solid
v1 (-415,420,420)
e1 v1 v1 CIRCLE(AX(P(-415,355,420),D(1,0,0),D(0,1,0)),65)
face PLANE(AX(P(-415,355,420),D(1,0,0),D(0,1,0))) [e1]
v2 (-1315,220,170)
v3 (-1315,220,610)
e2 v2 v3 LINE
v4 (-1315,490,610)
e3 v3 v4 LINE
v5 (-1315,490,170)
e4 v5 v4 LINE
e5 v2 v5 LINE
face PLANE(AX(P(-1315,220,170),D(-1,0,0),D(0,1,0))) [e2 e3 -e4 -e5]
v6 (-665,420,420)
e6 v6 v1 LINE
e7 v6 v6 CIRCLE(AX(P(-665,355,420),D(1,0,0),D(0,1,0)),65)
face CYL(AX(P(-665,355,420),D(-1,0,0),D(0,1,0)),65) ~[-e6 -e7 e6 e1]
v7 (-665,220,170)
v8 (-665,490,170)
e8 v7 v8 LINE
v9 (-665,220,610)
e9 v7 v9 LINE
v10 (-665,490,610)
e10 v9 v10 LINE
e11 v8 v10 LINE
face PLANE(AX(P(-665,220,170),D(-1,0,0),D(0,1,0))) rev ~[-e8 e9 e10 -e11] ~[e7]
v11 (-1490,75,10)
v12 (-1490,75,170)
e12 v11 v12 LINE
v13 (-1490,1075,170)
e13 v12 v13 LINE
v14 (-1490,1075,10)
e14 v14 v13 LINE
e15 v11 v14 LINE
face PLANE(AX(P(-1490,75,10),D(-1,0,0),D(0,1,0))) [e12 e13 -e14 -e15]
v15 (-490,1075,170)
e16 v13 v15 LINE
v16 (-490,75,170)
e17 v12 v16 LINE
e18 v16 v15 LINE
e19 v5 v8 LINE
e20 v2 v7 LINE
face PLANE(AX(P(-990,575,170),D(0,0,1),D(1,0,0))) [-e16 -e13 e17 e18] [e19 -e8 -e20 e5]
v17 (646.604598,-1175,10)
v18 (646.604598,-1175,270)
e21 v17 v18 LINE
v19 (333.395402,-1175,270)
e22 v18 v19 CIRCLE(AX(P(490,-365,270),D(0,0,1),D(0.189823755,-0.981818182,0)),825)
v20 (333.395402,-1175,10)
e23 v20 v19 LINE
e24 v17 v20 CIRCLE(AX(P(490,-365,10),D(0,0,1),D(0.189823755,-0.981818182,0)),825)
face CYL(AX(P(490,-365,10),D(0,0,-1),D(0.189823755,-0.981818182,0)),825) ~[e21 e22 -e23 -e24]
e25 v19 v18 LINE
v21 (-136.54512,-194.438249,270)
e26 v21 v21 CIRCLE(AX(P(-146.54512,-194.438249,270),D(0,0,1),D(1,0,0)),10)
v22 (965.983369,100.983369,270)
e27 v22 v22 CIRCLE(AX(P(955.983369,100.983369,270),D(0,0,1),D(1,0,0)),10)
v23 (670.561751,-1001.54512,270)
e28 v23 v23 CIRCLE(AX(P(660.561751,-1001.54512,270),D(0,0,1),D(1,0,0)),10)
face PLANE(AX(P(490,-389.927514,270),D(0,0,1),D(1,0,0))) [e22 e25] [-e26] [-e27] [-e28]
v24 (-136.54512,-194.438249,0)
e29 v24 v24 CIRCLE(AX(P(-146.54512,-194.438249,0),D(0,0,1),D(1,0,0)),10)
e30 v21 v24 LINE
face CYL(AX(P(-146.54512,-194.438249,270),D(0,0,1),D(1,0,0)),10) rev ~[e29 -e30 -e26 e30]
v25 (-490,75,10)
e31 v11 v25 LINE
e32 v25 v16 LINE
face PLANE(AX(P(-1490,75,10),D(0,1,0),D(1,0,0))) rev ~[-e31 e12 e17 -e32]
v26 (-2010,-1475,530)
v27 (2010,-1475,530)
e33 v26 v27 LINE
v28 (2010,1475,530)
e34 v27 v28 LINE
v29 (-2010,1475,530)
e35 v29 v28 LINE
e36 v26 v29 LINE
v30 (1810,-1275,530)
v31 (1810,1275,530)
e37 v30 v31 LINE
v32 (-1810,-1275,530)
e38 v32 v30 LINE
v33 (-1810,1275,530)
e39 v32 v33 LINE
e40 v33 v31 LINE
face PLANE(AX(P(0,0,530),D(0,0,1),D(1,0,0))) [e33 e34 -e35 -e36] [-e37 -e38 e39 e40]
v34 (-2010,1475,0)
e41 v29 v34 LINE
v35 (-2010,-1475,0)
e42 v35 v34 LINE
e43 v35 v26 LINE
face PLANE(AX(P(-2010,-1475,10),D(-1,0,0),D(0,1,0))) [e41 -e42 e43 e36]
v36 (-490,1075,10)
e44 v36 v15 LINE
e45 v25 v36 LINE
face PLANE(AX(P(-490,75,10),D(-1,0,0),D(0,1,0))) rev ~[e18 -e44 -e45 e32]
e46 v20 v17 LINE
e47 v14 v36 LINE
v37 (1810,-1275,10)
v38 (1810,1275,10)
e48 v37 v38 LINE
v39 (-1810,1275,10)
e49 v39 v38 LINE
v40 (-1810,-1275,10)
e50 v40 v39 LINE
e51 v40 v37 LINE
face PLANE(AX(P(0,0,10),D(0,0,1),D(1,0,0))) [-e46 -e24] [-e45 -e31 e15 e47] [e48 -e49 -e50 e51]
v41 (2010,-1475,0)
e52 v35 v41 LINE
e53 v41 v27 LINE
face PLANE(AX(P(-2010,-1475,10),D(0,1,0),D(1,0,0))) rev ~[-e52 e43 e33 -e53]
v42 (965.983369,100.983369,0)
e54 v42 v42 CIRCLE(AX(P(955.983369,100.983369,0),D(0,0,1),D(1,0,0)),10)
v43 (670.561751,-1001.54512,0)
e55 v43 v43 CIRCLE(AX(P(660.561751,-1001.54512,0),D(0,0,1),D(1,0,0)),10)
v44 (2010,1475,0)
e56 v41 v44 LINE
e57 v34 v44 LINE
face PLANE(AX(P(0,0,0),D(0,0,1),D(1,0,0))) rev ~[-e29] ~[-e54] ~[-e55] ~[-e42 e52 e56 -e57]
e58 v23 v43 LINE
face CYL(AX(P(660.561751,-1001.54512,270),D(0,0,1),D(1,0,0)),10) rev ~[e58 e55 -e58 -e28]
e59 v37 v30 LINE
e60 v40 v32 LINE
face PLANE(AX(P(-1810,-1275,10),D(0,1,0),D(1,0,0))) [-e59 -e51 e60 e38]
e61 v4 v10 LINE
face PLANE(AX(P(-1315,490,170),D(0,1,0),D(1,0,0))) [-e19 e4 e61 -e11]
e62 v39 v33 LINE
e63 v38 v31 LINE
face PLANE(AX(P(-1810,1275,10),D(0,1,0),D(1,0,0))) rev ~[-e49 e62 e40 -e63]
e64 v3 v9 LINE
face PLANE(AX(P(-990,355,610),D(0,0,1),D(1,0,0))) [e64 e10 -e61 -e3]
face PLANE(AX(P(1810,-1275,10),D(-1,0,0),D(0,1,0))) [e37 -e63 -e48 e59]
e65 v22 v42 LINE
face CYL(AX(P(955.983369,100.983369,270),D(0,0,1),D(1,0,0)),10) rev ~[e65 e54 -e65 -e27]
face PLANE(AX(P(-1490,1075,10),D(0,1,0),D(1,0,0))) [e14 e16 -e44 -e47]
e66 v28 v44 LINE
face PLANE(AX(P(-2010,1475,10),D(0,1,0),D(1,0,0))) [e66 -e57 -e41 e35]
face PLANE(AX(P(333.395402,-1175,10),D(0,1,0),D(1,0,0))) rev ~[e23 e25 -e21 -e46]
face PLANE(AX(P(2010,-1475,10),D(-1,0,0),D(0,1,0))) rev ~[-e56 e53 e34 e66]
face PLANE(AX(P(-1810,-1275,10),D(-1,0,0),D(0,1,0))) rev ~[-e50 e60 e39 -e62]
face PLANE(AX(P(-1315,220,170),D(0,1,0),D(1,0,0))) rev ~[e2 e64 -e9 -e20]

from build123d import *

# Parameters (mm, degrees)
F0_W      = 4020
F0_H      = 2950
F1_DEPTH  = 10
F2_W      = 4020
F2_H      = 2950
F2_W_2    = 3620
F2_H_2    = 2550
F3_DEPTH  = 520
F4_W      = 1000
F4_H      = 1000
F5_DEPTH  = 160
F7_DEPTH  = 260
F8_W      = 650
F8_H      = 270
F9_DEPTH  = 440
F10_R     = 65
F11_DEPTH = 250
F12_R     = 10
F13_DEPTH = 280


with BuildPart() as f1:
    # F0 (on Top) → F1 (new body)
    with BuildSketch(Plane.XY):
        Rectangle(F0_W, F0_H)
    extrude(amount=F1_DEPTH)

    # F2 (on face) → F3 (join)
    with BuildSketch(Plane.XY.offset(10)):
        Rectangle(F2_W, F2_H)
        Rectangle(F2_W_2, F2_H_2, mode=Mode.SUBTRACT)
    extrude(amount=F3_DEPTH)

    # F4 (on face) → F5 (join)
    with BuildSketch(Plane.XY.offset(10)):
        with Locations((-990, 575)):
            Rectangle(F4_W, F4_H)
    extrude(amount=F5_DEPTH)

    # F6 (on face) → F7 (join)
    with BuildSketch(Plane.XY.offset(10)):
        with BuildLine():
            Line((333.395402, -1175), (646.604598, -1175))
            ThreePointArc((646.604598, -1175), (490, 460), (333.395402, -1175))
        make_face()
    extrude(amount=F7_DEPTH)

    # F8 (on face) → F9 (join)
    with BuildSketch(Plane.XY.offset(170)):
        with Locations((-990, 355)):
            Rectangle(F8_W, F8_H)
    extrude(amount=F9_DEPTH)

    # F10 (on face) → F11 (join)
    with BuildSketch(Plane.YZ.offset(-665)):
        with Locations((355, 420)):
            Circle(F10_R)
    extrude(amount=F11_DEPTH)

    # F12 (on face) → F13 (cut)
    with BuildSketch(Plane.XY.offset(270)):
        with Locations((955.983369, 100.983369)):
            Circle(F12_R)
        with Locations((660.561751, -1001.54512)):
            Circle(F12_R)
        with Locations((-146.54512, -194.438249)):
            Circle(F12_R)
    extrude(amount=-F13_DEPTH, mode=Mode.SUBTRACT)


solid = f1.part
